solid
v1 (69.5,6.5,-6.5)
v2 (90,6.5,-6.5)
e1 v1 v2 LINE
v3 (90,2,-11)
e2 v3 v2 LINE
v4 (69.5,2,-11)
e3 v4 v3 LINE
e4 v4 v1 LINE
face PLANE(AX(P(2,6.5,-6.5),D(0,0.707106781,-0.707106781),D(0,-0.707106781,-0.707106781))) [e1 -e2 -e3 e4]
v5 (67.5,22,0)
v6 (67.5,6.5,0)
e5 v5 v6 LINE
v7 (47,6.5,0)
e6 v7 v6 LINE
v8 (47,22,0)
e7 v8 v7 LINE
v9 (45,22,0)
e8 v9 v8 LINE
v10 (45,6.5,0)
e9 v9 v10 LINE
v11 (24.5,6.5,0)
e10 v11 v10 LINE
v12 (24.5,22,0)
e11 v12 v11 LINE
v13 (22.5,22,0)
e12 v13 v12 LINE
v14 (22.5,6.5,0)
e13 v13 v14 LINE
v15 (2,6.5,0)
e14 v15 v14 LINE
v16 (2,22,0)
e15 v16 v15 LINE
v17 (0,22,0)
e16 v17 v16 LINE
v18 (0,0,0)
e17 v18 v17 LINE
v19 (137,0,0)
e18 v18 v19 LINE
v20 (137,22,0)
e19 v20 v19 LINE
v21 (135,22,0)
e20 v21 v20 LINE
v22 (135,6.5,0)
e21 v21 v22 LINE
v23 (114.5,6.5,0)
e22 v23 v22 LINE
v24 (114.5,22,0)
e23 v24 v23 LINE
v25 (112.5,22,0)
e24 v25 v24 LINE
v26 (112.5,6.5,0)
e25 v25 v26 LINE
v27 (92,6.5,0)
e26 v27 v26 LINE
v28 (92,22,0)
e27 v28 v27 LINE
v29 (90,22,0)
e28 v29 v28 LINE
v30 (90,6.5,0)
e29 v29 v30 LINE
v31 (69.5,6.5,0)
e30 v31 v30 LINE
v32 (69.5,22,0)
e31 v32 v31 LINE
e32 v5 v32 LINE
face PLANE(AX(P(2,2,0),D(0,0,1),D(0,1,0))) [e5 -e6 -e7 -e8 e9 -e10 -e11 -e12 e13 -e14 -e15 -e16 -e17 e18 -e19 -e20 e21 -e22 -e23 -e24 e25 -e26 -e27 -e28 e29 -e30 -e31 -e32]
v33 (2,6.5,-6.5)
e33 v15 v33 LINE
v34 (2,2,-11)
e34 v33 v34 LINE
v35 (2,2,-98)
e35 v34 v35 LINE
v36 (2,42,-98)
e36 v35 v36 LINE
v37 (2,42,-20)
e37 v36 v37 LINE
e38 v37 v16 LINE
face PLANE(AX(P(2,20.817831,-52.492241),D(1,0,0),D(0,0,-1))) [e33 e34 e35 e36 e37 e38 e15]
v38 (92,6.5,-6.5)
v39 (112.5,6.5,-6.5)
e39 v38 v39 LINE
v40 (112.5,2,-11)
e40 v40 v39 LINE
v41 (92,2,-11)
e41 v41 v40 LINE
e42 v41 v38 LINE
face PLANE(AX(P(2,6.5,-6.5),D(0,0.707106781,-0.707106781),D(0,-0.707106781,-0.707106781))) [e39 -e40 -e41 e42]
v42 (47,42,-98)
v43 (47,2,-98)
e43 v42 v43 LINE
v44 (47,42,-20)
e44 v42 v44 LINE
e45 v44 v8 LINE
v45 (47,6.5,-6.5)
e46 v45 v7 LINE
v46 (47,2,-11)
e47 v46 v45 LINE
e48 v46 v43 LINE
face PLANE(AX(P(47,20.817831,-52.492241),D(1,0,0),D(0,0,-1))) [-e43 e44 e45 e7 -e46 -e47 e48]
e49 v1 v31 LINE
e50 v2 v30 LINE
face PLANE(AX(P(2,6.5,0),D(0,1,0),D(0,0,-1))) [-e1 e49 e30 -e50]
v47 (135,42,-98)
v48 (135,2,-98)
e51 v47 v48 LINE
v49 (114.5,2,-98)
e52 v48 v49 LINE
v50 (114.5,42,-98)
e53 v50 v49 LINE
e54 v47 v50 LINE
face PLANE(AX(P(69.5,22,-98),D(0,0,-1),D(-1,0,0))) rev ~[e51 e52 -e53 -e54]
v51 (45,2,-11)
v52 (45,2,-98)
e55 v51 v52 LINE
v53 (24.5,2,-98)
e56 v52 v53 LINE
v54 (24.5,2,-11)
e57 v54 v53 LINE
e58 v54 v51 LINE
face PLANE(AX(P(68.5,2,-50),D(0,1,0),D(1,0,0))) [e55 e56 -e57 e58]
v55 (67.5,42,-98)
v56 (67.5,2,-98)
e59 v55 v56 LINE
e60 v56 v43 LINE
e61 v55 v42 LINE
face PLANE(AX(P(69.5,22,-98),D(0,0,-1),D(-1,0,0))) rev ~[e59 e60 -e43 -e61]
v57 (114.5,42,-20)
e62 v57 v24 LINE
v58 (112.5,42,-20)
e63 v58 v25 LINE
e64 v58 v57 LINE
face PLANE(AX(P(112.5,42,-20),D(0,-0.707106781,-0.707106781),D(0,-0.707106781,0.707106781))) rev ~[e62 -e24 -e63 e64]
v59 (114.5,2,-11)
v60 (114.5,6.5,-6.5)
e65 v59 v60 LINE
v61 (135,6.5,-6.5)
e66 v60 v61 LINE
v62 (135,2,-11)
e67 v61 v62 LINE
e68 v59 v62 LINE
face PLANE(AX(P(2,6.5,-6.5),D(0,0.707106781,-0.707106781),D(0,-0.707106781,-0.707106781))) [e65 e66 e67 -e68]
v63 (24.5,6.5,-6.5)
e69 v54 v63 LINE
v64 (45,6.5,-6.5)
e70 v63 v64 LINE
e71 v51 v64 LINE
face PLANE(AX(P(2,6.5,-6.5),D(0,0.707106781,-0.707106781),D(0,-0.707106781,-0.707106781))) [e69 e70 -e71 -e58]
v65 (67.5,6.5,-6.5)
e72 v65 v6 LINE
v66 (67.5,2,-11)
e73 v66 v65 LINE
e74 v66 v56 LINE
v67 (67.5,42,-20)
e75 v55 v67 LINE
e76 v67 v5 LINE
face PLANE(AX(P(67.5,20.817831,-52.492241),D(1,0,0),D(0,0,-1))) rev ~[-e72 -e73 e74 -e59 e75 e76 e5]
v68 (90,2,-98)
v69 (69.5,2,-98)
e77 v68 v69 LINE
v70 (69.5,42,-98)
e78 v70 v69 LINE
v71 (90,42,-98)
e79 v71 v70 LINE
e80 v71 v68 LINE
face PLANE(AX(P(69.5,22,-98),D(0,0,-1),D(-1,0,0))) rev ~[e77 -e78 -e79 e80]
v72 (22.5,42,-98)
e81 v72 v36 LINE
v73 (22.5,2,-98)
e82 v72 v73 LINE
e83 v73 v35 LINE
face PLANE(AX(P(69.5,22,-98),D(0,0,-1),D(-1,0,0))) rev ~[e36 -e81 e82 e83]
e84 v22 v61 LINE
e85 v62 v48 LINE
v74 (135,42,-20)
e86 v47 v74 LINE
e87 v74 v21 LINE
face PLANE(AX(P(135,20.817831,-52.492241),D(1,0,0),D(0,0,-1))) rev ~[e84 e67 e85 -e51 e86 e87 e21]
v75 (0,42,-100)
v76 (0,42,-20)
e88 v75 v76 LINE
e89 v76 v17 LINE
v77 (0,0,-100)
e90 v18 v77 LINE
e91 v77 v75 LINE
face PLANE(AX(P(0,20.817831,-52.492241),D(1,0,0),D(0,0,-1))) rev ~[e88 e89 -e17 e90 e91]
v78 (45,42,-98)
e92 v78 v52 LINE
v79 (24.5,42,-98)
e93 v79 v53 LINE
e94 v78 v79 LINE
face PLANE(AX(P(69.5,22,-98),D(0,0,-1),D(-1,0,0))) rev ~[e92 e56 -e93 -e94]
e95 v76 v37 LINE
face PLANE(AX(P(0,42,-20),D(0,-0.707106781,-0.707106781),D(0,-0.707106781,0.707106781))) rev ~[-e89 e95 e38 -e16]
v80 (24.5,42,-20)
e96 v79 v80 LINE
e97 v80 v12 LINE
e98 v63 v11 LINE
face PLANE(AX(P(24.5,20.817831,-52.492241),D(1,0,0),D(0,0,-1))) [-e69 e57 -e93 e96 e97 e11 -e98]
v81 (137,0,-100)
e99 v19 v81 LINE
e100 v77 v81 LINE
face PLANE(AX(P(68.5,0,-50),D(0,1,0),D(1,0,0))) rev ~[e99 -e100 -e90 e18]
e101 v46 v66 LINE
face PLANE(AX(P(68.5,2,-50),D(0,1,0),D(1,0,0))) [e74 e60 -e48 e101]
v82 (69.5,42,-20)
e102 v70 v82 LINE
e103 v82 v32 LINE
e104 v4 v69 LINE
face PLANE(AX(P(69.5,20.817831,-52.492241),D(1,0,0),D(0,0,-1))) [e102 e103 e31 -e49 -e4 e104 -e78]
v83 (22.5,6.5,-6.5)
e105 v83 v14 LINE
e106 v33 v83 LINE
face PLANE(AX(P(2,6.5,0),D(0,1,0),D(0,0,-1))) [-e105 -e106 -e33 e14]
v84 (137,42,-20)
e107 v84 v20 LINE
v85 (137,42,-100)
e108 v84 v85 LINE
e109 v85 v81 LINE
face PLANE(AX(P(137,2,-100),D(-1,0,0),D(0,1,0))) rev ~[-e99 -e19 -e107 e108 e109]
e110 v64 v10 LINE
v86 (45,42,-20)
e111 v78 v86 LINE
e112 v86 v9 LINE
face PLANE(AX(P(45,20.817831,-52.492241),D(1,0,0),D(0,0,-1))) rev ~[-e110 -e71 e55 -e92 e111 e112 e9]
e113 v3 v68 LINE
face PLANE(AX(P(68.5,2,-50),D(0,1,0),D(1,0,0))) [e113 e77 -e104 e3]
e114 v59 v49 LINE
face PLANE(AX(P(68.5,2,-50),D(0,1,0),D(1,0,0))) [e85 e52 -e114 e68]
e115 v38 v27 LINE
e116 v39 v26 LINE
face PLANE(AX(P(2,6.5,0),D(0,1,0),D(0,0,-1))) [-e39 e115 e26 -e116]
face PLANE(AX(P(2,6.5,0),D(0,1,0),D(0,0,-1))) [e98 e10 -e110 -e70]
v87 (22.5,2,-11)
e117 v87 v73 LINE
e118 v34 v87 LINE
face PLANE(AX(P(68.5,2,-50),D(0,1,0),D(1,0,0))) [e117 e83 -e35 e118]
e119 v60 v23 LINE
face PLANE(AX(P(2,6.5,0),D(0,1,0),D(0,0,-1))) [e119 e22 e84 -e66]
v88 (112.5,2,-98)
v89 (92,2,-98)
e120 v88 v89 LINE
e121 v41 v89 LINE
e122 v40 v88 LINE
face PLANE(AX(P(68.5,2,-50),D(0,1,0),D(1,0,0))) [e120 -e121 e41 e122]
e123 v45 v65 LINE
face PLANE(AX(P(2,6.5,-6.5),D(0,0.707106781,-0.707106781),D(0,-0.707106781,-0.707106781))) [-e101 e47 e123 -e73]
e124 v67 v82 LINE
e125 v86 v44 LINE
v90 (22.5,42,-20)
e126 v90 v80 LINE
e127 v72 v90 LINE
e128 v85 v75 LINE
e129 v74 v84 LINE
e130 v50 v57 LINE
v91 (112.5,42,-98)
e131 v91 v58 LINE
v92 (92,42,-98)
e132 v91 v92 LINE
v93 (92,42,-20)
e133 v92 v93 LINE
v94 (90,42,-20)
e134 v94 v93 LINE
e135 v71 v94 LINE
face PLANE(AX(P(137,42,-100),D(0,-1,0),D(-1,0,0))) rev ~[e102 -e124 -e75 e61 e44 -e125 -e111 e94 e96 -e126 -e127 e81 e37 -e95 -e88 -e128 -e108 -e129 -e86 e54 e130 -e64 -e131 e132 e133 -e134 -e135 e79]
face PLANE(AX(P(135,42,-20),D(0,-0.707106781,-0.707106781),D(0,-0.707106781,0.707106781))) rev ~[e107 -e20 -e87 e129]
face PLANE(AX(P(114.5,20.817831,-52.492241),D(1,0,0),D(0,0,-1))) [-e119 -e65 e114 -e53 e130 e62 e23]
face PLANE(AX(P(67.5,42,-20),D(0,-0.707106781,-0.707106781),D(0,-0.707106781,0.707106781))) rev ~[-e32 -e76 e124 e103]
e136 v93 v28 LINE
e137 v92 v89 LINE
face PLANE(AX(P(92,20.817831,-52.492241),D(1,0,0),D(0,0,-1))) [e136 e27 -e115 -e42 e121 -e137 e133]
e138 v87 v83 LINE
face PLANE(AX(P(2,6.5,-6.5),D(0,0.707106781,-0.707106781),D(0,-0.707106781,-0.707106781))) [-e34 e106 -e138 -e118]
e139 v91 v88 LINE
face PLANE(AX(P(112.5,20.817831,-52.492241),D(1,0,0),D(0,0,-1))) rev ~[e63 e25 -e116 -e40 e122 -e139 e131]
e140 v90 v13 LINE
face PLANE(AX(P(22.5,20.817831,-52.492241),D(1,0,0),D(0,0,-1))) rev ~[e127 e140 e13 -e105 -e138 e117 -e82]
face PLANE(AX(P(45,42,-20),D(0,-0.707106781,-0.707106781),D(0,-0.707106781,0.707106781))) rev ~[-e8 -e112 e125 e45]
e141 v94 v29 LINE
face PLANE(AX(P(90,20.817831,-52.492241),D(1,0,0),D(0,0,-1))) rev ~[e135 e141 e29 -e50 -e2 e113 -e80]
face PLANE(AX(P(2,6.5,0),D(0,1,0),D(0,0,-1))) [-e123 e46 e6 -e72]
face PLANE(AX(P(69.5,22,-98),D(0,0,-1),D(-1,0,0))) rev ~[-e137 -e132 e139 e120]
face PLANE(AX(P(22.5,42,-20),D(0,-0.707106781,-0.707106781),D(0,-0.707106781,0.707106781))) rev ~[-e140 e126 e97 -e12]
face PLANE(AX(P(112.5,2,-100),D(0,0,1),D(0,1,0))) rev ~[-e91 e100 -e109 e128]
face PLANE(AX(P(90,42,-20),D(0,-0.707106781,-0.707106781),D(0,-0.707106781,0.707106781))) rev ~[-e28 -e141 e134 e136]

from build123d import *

# Parameters (mm, degrees)
SKETCH1_W            = 137
SKETCH1_H            = 100
BOSS_EXTRUDE1_DEPTH  = 2
BOSS_EXTRUDE2_DEPTH  = 2
SKETCH4_W            = 135
SKETCH4_H            = 40
BOSS_EXTRUDE3_DEPTH  = 2
BOSS_EXTRUDE6_START  = -22.5
BOSS_EXTRUDE6_DEPTH  = 2
BOSS_EXTRUDE7_START  = -45
BOSS_EXTRUDE7_DEPTH  = 2
BOSS_EXTRUDE8_START  = -67.5
BOSS_EXTRUDE8_DEPTH  = 2
BOSS_EXTRUDE9_START  = -90
BOSS_EXTRUDE9_DEPTH  = 2
BOSS_EXTRUDE10_START = -112.5
BOSS_EXTRUDE10_DEPTH = 2
BOSS_EXTRUDE11_START = -135
BOSS_EXTRUDE11_DEPTH = 2
BOSS_EXTRUDE12_DEPTH = 133


with BuildPart() as part:
    # Sketch1 → Boss-Extrude1 (new body)
    with BuildSketch(Plane(origin=(0, 0, 0), x_dir=(1, 0, 0), z_dir=(0, 1, 0))):
        with Locations((68.5, 50)):
            Rectangle(SKETCH1_W, SKETCH1_H)
    extrude(amount=BOSS_EXTRUDE1_DEPTH)

    # Sketch3 → Boss-Extrude2 (add)
    with BuildSketch(Plane.ZY):
        Polygon((-100, 2), (-100, 42), (-20, 42), (0, 22), (0, 2), align=None)
    extrude(amount=-BOSS_EXTRUDE2_DEPTH)

    # Sketch4 → Boss-Extrude3 (add)
    with BuildSketch(Plane(origin=(0, 0, -100), x_dir=(-1, 0, 0), z_dir=(0, 0, -1))):
        with Locations((-69.5, 22)):
            Rectangle(SKETCH4_W, SKETCH4_H)
    extrude(amount=-BOSS_EXTRUDE3_DEPTH)

    # Sketch3<5> → Boss-Extrude6 (add)
    with BuildSketch(Plane.ZY.offset(BOSS_EXTRUDE6_START)):
        Polygon((-100, 2), (-100, 42), (-20, 42), (0, 22), (0, 2), align=None)
    extrude(amount=-BOSS_EXTRUDE6_DEPTH)

    # Sketch3<6> → Boss-Extrude7 (add)
    with BuildSketch(Plane.ZY.offset(BOSS_EXTRUDE7_START)):
        Polygon((-100, 2), (-100, 42), (-20, 42), (0, 22), (0, 2), align=None)
    extrude(amount=-BOSS_EXTRUDE7_DEPTH)

    # Sketch3<7> → Boss-Extrude8 (add)
    with BuildSketch(Plane.ZY.offset(BOSS_EXTRUDE8_START)):
        Polygon((-100, 2), (-100, 42), (-20, 42), (0, 22), (0, 2), align=None)
    extrude(amount=-BOSS_EXTRUDE8_DEPTH)

    # Sketch3<8> → Boss-Extrude9 (add)
    with BuildSketch(Plane.ZY.offset(BOSS_EXTRUDE9_START)):
        Polygon((-100, 2), (-100, 42), (-20, 42), (0, 22), (0, 2), align=None)
    extrude(amount=-BOSS_EXTRUDE9_DEPTH)

    # Sketch3<9> → Boss-Extrude10 (add)
    with BuildSketch(Plane.ZY.offset(BOSS_EXTRUDE10_START)):
        Polygon((-100, 2), (-100, 42), (-20, 42), (0, 22), (0, 2), align=None)
    extrude(amount=-BOSS_EXTRUDE10_DEPTH)

    # Sketch3<10> → Boss-Extrude11 (add)
    with BuildSketch(Plane.ZY.offset(BOSS_EXTRUDE11_START)):
        Polygon((-100, 2), (-100, 42), (-20, 42), (0, 22), (0, 2), align=None)
    extrude(amount=-BOSS_EXTRUDE11_DEPTH)

    # Sketch5 → Boss-Extrude12 (add)
    with BuildSketch(Plane(origin=(2, 0, 0), x_dir=(0, 0, -1), z_dir=(1, 0, 0))):
        Polygon((0, 2), (0, 6.5), (6.5, 6.5), (11, 2), align=None)
    extrude(amount=BOSS_EXTRUDE12_DEPTH)


solid = part.part
